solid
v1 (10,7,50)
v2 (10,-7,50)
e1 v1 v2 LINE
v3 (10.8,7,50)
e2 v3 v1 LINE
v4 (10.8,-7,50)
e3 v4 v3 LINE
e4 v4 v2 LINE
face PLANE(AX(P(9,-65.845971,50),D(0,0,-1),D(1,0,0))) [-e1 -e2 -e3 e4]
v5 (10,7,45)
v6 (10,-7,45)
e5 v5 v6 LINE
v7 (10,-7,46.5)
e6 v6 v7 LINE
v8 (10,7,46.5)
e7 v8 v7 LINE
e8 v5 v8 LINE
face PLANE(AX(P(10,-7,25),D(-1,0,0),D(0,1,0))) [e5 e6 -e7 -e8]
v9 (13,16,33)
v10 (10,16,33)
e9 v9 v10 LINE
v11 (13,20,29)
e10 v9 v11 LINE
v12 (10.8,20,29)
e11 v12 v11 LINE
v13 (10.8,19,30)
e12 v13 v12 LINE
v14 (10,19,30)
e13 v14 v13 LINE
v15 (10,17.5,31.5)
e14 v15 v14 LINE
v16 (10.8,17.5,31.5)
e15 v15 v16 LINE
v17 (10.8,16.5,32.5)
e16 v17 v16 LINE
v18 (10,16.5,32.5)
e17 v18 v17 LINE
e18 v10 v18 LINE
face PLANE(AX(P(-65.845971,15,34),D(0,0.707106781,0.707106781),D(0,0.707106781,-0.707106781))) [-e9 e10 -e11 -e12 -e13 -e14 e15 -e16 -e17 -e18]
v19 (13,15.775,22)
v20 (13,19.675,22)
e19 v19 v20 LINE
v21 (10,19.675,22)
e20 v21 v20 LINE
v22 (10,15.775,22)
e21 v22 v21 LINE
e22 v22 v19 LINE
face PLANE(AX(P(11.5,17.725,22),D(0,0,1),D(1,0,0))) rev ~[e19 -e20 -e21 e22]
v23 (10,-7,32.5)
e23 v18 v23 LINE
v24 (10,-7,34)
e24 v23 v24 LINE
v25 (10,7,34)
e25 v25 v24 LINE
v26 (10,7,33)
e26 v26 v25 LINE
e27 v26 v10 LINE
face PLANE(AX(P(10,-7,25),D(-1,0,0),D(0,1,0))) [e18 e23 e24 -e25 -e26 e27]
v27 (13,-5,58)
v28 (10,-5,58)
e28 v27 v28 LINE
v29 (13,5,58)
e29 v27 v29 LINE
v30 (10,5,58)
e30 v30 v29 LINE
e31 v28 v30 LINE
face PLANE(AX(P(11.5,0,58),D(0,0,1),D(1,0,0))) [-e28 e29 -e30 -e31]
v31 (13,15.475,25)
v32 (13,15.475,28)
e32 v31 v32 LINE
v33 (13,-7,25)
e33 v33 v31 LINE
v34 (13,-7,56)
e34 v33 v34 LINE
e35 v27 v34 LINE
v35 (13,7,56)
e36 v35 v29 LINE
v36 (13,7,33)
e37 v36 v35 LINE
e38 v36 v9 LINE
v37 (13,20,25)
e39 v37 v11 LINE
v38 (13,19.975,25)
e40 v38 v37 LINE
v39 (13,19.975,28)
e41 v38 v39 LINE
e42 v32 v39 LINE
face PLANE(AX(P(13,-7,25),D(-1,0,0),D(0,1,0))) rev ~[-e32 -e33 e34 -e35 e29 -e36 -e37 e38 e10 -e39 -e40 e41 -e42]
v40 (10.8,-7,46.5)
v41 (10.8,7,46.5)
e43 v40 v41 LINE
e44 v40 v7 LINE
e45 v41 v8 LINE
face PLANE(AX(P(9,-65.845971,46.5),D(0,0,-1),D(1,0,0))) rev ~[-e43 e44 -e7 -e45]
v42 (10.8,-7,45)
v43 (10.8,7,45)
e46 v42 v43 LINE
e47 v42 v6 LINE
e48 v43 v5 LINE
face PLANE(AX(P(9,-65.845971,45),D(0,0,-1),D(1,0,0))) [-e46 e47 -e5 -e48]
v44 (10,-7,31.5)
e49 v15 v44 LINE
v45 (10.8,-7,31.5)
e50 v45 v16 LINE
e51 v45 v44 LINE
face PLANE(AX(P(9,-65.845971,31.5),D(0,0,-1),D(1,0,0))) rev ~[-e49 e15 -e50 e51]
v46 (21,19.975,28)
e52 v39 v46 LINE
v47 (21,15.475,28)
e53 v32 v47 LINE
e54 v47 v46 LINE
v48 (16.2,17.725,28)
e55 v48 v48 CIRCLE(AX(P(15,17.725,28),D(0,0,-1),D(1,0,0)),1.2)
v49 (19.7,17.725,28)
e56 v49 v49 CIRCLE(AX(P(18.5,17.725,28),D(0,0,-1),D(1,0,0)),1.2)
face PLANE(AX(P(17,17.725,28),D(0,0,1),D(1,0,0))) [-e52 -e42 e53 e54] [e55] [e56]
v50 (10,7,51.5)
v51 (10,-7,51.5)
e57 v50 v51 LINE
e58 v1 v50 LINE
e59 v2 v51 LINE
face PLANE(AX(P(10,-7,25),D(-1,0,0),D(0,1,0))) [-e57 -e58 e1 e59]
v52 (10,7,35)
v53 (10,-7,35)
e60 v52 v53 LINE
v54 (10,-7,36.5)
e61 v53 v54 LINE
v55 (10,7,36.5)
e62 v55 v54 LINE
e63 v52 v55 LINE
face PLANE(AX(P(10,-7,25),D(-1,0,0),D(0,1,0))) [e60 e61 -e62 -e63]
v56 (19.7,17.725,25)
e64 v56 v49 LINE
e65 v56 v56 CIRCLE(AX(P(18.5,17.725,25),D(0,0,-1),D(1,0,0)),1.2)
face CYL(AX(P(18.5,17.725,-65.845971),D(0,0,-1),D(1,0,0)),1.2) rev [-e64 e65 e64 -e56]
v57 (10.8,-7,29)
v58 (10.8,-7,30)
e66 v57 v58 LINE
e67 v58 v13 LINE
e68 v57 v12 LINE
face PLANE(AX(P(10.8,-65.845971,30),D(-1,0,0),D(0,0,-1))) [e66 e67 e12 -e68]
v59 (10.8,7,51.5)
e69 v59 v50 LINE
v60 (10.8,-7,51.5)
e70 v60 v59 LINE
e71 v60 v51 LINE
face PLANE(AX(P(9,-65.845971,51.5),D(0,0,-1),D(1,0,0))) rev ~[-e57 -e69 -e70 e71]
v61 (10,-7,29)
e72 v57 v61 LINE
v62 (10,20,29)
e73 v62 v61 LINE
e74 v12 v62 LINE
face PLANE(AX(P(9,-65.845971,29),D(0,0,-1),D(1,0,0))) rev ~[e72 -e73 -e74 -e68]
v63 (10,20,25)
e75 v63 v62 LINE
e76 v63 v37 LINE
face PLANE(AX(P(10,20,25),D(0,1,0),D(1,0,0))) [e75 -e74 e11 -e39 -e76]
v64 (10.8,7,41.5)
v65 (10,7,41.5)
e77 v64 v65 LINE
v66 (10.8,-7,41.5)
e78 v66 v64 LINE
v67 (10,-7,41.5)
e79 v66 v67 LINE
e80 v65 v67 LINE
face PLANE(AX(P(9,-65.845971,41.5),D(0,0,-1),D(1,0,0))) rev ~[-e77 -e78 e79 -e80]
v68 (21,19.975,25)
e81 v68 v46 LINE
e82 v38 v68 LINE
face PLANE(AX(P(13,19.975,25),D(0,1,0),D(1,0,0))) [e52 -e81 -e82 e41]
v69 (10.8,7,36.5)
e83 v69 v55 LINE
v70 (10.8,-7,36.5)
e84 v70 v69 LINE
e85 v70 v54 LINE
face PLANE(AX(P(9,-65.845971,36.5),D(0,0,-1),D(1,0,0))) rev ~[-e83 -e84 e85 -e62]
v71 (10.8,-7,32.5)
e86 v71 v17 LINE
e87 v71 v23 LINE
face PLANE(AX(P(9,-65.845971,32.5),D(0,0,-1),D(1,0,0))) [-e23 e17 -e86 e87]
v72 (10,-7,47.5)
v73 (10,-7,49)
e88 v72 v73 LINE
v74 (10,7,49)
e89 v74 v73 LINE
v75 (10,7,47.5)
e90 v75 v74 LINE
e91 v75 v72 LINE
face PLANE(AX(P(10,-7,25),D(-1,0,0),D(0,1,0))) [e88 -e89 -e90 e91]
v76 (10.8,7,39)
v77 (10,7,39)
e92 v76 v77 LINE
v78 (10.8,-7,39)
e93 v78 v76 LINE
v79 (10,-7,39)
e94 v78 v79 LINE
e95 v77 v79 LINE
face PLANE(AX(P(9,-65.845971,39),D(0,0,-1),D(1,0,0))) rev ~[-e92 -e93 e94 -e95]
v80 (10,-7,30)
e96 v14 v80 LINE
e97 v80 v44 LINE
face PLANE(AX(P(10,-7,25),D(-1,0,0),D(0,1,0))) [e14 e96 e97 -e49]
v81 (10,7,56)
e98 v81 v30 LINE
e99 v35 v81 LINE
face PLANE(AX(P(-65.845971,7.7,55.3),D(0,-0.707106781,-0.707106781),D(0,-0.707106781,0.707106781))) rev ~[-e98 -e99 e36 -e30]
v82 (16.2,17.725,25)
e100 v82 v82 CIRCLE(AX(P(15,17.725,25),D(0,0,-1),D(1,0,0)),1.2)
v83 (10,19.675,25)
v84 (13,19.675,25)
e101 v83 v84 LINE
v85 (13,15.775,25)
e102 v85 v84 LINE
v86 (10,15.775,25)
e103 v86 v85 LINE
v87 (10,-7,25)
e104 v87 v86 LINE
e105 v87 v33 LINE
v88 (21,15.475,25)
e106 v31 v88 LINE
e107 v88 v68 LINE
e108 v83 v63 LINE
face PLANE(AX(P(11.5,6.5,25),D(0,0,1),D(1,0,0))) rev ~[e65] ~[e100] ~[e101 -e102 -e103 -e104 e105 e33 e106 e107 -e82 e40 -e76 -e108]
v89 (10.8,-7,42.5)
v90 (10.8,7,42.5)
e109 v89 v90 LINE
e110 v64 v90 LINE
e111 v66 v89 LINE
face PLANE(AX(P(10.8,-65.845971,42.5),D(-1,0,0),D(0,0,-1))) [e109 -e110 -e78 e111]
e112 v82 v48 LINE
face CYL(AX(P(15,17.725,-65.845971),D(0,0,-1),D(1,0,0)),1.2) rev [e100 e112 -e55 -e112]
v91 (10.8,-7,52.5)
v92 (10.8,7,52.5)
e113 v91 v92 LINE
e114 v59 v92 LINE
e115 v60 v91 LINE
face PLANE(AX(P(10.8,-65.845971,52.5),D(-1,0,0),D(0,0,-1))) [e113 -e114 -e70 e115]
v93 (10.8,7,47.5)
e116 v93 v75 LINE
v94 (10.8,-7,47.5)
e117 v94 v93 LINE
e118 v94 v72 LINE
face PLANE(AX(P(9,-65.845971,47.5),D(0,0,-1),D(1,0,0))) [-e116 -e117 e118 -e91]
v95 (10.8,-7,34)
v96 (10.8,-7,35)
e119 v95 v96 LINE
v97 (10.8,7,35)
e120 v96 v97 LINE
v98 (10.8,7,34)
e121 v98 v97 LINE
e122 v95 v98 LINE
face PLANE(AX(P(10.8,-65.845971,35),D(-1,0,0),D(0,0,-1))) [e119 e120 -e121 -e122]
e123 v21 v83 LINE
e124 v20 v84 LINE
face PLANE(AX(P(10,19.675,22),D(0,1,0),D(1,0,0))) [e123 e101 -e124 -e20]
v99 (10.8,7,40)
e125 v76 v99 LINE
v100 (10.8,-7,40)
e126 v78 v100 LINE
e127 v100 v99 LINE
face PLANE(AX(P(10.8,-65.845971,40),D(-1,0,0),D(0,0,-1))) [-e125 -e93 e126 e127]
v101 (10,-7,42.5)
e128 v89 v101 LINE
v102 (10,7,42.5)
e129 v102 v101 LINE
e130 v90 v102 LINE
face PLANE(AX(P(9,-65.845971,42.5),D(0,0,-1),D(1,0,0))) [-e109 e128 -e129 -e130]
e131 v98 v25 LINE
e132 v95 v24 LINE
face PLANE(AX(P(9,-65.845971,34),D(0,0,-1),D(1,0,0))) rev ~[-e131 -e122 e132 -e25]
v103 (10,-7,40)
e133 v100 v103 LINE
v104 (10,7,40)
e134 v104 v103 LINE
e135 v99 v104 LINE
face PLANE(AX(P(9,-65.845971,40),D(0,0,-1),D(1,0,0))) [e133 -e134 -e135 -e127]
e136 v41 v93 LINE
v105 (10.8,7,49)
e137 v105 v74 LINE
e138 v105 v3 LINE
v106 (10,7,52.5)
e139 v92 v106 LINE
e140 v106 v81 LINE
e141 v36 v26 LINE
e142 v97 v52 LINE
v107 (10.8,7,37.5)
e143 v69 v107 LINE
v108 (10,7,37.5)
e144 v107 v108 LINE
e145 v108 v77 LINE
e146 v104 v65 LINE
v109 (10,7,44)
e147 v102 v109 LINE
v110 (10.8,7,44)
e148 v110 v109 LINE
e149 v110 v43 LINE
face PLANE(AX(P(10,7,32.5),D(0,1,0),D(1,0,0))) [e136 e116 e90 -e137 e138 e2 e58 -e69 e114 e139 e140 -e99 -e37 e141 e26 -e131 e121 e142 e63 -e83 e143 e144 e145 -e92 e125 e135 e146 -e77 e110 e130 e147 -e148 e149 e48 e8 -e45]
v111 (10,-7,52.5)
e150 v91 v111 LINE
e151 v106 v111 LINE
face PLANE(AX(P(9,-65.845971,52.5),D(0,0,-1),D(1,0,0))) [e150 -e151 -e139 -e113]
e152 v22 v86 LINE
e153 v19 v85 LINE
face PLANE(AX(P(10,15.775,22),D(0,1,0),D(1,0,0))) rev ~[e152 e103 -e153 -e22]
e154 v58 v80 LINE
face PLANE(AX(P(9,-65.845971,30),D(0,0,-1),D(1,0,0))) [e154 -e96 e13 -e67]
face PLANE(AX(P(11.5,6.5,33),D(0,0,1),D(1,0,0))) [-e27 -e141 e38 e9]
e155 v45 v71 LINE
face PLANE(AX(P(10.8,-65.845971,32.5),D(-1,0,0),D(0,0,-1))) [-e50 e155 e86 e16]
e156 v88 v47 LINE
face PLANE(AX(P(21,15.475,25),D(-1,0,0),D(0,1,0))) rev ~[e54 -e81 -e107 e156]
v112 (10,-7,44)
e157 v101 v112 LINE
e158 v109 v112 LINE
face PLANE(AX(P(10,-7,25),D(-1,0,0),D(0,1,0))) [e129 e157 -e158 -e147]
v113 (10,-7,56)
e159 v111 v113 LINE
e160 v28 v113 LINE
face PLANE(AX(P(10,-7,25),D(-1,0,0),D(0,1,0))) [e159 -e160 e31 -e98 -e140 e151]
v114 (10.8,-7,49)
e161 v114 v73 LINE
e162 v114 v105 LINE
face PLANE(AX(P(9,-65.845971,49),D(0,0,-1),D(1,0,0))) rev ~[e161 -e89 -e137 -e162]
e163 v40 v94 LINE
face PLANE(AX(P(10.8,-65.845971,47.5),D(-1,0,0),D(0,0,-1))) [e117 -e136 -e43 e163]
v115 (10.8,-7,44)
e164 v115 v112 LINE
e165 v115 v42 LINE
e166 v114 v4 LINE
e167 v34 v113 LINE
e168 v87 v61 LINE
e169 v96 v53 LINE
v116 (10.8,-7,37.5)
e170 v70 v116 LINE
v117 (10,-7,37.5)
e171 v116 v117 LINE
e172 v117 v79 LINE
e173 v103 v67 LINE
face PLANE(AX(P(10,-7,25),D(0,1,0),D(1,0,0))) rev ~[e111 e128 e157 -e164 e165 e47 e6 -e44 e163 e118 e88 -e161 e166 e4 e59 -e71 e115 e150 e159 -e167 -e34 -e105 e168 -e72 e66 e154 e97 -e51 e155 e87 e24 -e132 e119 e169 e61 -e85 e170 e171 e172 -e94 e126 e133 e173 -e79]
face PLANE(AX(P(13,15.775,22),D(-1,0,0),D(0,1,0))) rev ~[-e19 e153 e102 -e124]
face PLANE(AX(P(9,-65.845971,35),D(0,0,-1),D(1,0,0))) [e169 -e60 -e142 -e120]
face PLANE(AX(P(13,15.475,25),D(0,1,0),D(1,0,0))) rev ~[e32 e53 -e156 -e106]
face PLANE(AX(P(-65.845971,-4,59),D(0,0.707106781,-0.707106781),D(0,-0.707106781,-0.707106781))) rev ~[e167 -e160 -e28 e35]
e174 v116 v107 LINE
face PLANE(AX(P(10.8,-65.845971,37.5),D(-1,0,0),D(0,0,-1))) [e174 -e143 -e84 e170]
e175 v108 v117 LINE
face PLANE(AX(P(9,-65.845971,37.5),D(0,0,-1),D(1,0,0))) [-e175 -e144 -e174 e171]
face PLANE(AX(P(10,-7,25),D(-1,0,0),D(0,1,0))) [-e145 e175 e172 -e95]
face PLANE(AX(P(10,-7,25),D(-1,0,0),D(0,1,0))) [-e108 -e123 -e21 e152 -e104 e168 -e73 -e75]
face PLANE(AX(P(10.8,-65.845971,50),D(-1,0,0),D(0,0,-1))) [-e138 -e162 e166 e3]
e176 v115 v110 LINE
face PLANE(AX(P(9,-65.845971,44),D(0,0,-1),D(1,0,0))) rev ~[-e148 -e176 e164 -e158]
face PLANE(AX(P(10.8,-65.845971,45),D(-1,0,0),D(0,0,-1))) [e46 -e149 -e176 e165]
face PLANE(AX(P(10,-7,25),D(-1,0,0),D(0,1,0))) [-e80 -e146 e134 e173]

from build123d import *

# Parameters (mm, degrees)
BOSS_EXTRUDE1_START     = 25
SKETCH1_W               = 3
SKETCH1_H               = 27
BOSS_EXTRUDE1_DEPTH     = 8
BOSS_EXTRUDE2_START     = 32.5
SKETCH2_W               = 3
SKETCH2_H               = 14
BOSS_EXTRUDE2_DEPTH     = 25.5
BOSS_EXTRUDE3_START     = 25
SKETCH3_W               = 8
SKETCH3_H               = 4.5
BOSS_EXTRUDE3_DEPTH     = 3
BOSS_EXTRUDE4_START     = 22
SKETCH4_W               = 3
SKETCH4_H               = 3.9
BOSS_EXTRUDE4_DEPTH     = 3
CUT_EXTRUDE1_DEPTH      = 65.845971347
CUT_EXTRUDE1_DEPTH_BACK = 65.845971347
SKETCH5_R               = 1.2
CUT_EXTRUDE2_DEPTH      = 65.845971347
CUT_EXTRUDE2_DEPTH_BACK = 65.845971347
SKETCH6_W               = 1.8
SKETCH6_H               = 1
CUT_EXTRUDE3_DEPTH      = 65.845971347
CUT_EXTRUDE3_DEPTH_BACK = 65.845971347


with BuildPart() as part:
    # Sketch1 → Boss-Extrude1 (new body)
    with BuildSketch(Plane.XY.offset(BOSS_EXTRUDE1_START)):
        with Locations((11.5, 6.5)):
            Rectangle(SKETCH1_W, SKETCH1_H)
    extrude(amount=BOSS_EXTRUDE1_DEPTH)

    # Sketch2 → Boss-Extrude2 (add)
    with BuildSketch(Plane.XY.offset(BOSS_EXTRUDE2_START)):
        with Locations((11.5, 0)):
            Rectangle(SKETCH2_W, SKETCH2_H)
    extrude(amount=BOSS_EXTRUDE2_DEPTH)

    # Sketch3 → Boss-Extrude3 (add)
    with BuildSketch(Plane.XY.offset(BOSS_EXTRUDE3_START)):
        with Locations((17, 17.725)):
            Rectangle(SKETCH3_W, SKETCH3_H)
    extrude(amount=BOSS_EXTRUDE3_DEPTH)

    # Sketch4 → Boss-Extrude4 (add)
    with BuildSketch(Plane.XY.offset(BOSS_EXTRUDE4_START)):
        with Locations((11.5, 17.725)):
            Rectangle(SKETCH4_W, SKETCH4_H)
    extrude(amount=BOSS_EXTRUDE4_DEPTH)

    # Sketch5 → Cut-Extrude1 (cut, two sides: drawn at the far end of the back side and taken through both)
    with BuildSketch(Plane.XY.offset(-CUT_EXTRUDE1_DEPTH_BACK)):
        with Locations((15, 17.725)):
            Circle(SKETCH5_R)
        with Locations((18.5, 17.725)):
            Circle(SKETCH5_R)
    extrude(amount=CUT_EXTRUDE1_DEPTH + CUT_EXTRUDE1_DEPTH_BACK, mode=Mode.SUBTRACT)

    # Sketch6 → Cut-Extrude2 (cut, two sides: drawn at the far end of the back side and taken through both)
    with BuildSketch(Plane(origin=(0, 0, 0), x_dir=(1, 0, 0), z_dir=(0, 1, 0)).offset(-CUT_EXTRUDE2_DEPTH_BACK)):
        with Locations((9.9, -29.5)):
            Rectangle(SKETCH6_W, SKETCH6_H)
        with Locations((9.9, -32)):
            Rectangle(SKETCH6_W, SKETCH6_H)
        with Locations((9.9, -34.5)):
            Rectangle(SKETCH6_W, SKETCH6_H)
        with Locations((9.9, -37)):
            Rectangle(SKETCH6_W, SKETCH6_H)
        with Locations((9.9, -39.5)):
            Rectangle(SKETCH6_W, SKETCH6_H)
        with Locations((9.9, -42)):
            Rectangle(SKETCH6_W, SKETCH6_H)
        with Locations((9.9, -44.5)):
            Rectangle(SKETCH6_W, SKETCH6_H)
        with Locations((9.9, -47)):
            Rectangle(SKETCH6_W, SKETCH6_H)
        with Locations((9.9, -49.5)):
            Rectangle(SKETCH6_W, SKETCH6_H)
        with Locations((9.9, -52)):
            Rectangle(SKETCH6_W, SKETCH6_H)
    extrude(amount=CUT_EXTRUDE2_DEPTH + CUT_EXTRUDE2_DEPTH_BACK, mode=Mode.SUBTRACT)

    # Sketch7 → Cut-Extrude3 (cut, two sides: drawn at the far end of the back side and taken through both)
    with BuildSketch(Plane(origin=(0, 0, 0), x_dir=(0, 0, -1), z_dir=(1, 0, 0)).offset(-CUT_EXTRUDE3_DEPTH_BACK)):
        Polygon((-55.3, -7.7), (-59, -7.7), (-59, -4), align=None)
        Polygon((-55.3, 7.7), (-59, 4), (-59, 7.7), align=None)
        Polygon((-28, 21), (-34, 21), (-34, 15), align=None)
    extrude(amount=CUT_EXTRUDE3_DEPTH + CUT_EXTRUDE3_DEPTH_BACK, mode=Mode.SUBTRACT)


solid = part.part
